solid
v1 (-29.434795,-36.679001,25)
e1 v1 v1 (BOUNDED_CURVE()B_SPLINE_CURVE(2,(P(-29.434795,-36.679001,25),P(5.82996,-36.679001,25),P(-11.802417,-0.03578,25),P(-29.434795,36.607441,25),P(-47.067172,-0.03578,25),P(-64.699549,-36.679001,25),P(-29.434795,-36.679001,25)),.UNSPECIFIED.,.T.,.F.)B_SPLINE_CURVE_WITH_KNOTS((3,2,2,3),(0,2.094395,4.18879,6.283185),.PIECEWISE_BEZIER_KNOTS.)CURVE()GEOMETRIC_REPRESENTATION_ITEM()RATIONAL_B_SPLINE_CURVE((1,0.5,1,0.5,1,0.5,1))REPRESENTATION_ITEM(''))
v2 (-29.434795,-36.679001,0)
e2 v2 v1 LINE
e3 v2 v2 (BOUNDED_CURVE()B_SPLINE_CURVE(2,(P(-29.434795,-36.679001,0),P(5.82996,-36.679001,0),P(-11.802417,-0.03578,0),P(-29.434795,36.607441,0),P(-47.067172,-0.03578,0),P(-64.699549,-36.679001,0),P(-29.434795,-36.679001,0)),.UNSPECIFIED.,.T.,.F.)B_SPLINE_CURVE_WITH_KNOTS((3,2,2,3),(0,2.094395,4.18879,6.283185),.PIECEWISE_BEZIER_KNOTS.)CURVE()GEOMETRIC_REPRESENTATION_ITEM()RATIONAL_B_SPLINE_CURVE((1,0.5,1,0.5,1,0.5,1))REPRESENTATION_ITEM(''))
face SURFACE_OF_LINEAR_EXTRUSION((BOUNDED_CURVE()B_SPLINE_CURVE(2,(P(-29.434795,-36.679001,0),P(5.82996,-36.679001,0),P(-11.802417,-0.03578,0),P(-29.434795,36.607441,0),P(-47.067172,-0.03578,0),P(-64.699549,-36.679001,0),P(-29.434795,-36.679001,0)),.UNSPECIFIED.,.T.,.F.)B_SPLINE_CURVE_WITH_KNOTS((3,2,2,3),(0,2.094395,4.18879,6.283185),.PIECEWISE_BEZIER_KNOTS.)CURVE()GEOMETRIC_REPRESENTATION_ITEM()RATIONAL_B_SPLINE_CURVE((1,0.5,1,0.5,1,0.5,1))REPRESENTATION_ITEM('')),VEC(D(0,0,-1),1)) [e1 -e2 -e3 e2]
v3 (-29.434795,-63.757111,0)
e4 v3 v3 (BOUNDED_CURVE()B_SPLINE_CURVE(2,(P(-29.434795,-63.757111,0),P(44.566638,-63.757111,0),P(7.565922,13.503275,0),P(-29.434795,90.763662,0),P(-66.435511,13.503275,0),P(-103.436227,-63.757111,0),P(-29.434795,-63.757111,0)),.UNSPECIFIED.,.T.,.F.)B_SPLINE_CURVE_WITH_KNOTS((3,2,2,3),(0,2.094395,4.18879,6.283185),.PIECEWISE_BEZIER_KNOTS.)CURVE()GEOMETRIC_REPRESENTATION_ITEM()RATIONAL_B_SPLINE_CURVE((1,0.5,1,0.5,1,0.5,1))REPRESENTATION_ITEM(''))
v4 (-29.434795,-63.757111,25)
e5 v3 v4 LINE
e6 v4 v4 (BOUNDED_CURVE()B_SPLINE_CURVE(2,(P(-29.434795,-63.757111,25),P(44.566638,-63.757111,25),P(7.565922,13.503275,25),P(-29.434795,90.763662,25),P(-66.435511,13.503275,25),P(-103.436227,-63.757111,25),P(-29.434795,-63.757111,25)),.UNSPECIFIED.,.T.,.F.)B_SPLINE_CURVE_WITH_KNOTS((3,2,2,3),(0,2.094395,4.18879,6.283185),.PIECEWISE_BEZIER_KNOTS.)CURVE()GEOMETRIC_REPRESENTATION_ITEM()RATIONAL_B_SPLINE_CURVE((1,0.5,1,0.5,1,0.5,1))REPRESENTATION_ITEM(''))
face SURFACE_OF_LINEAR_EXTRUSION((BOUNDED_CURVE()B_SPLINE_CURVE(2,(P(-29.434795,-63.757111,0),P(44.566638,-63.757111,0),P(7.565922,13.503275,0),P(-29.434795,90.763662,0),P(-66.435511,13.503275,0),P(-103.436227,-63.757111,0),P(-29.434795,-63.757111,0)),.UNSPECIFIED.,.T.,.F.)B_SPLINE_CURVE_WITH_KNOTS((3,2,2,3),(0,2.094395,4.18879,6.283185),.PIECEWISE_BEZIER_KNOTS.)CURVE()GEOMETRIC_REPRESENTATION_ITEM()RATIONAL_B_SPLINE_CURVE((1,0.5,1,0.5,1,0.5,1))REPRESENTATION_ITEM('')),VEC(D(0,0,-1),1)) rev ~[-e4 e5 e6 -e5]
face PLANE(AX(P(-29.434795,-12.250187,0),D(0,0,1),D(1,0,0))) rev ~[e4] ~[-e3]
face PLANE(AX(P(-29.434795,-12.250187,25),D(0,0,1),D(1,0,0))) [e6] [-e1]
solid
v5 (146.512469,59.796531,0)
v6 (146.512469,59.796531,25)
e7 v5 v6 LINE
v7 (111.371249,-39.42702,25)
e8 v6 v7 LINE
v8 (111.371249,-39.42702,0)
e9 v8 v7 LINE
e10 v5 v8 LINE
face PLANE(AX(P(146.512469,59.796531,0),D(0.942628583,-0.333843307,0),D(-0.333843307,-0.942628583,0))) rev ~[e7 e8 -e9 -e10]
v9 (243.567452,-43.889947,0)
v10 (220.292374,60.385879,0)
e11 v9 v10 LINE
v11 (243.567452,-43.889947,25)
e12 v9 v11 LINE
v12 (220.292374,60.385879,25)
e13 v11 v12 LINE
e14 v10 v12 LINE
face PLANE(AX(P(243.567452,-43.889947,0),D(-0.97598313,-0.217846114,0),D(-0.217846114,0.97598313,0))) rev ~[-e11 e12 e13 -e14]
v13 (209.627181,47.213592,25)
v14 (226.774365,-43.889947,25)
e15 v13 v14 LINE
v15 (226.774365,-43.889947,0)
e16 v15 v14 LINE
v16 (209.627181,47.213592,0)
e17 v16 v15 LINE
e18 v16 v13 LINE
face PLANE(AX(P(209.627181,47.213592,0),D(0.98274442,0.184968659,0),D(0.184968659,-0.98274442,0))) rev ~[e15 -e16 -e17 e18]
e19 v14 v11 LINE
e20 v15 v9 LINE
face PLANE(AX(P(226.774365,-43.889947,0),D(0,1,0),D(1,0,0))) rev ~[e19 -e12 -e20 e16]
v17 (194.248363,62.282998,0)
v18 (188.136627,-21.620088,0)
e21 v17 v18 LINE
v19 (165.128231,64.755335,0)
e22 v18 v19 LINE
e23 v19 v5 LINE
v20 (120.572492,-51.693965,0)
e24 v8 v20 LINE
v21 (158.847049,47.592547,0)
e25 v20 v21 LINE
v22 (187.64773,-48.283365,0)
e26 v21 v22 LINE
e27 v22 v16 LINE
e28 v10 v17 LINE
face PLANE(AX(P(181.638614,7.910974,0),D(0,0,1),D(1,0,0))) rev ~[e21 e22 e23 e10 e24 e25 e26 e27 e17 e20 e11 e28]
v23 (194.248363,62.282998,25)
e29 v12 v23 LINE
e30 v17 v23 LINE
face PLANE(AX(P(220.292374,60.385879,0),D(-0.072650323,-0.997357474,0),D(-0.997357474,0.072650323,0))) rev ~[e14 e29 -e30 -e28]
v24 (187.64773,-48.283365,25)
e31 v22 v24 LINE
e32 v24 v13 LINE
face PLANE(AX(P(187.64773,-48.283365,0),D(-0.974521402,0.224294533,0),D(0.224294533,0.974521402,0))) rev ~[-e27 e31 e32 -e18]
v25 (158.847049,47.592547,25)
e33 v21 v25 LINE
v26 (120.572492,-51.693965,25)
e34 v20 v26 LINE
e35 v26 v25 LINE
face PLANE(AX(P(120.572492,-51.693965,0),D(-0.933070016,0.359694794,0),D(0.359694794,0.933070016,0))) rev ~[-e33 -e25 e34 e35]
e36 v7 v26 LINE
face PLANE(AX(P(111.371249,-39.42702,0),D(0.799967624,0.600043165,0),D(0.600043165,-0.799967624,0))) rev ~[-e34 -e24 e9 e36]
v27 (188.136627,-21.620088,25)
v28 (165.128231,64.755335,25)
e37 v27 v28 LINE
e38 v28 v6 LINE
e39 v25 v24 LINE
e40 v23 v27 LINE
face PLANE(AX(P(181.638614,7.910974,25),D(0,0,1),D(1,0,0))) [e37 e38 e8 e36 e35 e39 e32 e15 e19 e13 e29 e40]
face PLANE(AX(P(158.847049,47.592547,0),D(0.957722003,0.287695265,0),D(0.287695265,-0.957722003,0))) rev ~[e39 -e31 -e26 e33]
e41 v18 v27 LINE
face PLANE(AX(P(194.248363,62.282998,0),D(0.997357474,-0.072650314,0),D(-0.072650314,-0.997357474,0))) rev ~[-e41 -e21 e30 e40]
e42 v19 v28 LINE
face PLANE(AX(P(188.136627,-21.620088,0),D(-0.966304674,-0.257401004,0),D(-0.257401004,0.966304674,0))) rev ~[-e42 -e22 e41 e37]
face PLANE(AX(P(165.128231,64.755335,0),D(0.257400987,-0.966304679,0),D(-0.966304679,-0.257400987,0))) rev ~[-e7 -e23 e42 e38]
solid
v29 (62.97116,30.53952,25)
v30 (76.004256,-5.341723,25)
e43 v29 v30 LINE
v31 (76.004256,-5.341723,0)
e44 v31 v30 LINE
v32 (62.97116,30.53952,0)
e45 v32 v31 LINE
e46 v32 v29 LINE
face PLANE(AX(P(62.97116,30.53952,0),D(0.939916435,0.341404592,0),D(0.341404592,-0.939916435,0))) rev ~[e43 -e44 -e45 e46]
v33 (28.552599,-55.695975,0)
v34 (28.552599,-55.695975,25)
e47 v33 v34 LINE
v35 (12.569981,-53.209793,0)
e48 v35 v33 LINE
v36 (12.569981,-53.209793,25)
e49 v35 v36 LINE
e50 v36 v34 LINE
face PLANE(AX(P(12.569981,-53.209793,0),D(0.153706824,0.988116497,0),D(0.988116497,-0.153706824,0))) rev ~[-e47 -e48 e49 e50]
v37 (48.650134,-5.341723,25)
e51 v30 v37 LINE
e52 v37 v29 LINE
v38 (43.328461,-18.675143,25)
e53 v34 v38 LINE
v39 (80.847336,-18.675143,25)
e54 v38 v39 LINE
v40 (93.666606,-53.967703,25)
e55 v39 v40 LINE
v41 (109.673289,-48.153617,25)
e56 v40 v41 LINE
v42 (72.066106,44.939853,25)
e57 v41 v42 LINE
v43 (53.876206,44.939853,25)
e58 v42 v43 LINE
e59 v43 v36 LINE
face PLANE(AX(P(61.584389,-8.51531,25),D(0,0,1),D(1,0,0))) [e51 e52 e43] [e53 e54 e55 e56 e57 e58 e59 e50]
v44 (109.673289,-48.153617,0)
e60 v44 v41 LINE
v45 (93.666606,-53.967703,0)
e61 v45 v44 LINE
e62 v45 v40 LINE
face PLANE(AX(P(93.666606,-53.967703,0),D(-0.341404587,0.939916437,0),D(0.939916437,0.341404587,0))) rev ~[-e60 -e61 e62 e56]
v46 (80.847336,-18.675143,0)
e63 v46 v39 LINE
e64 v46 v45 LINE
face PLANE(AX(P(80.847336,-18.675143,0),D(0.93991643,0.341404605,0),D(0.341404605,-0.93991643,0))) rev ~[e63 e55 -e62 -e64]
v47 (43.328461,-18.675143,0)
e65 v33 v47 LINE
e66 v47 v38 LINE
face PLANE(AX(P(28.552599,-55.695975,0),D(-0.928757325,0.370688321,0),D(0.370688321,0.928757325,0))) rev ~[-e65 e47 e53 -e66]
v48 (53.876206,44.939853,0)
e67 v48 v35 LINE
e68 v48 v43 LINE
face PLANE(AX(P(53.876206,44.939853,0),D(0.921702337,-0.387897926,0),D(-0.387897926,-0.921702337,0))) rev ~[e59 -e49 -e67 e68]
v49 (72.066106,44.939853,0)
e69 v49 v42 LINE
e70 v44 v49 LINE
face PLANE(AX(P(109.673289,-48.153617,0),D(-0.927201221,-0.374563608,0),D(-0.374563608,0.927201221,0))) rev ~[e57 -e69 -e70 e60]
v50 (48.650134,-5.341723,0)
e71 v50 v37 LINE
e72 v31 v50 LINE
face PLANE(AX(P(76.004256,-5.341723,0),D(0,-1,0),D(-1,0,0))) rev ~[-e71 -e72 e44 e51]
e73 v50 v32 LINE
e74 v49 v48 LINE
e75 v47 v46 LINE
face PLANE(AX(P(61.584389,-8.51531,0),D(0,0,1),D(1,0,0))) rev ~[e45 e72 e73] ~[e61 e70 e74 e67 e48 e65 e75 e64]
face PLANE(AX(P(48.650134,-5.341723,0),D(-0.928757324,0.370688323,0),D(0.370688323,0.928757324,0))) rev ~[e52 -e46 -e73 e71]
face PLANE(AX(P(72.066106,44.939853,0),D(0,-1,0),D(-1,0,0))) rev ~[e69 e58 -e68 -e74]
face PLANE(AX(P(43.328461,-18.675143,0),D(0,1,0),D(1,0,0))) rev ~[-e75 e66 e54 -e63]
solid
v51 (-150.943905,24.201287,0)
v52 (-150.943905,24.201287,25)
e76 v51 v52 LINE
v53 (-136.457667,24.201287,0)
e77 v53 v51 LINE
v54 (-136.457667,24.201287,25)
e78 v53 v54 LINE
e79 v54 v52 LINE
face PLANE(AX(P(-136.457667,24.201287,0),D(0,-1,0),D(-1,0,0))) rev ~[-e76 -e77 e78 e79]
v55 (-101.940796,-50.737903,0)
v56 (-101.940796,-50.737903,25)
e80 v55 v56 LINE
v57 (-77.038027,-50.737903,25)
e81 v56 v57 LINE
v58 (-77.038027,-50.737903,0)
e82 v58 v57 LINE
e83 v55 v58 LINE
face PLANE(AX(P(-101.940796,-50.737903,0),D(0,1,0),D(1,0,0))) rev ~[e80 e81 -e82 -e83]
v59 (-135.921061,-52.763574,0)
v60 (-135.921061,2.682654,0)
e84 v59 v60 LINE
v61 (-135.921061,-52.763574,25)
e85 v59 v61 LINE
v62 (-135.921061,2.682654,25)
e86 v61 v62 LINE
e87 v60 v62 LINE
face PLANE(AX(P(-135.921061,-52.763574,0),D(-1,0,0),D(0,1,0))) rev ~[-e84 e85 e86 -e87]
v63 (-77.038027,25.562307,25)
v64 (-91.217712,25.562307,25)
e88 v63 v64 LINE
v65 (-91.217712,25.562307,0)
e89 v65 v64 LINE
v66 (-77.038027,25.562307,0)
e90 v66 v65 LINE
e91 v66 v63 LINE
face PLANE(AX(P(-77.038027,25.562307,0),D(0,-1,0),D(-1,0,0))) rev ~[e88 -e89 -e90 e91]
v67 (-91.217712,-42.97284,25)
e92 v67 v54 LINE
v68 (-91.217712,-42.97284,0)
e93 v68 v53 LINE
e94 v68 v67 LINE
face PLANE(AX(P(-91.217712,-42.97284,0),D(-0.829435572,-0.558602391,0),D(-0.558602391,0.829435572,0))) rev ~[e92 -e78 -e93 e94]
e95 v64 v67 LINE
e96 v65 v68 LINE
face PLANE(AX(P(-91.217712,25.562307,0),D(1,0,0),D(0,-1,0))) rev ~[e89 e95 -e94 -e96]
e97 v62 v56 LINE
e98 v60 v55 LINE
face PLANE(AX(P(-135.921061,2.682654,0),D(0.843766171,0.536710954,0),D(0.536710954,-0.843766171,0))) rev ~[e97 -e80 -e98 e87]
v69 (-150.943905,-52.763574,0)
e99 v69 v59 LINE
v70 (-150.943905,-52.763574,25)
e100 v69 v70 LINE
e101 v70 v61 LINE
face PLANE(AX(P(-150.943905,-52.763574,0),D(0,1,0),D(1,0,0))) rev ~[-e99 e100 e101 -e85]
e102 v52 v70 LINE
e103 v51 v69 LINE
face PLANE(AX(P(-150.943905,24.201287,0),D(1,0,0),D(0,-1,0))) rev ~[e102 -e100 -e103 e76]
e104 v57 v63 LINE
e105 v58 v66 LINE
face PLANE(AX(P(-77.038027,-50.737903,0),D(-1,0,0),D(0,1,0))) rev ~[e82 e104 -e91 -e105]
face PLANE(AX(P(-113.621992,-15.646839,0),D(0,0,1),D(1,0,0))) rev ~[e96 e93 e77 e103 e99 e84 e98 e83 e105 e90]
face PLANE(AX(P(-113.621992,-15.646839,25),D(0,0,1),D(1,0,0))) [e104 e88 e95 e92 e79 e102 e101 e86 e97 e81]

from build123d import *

# Parameters (mm, degrees)
F1_DEPTH = 25


with BuildPart() as f1:
    # F0 (on Top) → F1 (new body)
    with BuildSketch(Plane.XY):
        with BuildLine():
            add(Edge.make_bspline(
                [(-29.434795, -63.757111), (44.566638, -63.757111), (7.565922, 13.503275), (-29.434795, 90.763662), (-66.435511, 13.503275), (-103.436227, -63.757111), (-29.434795, -63.757111)],
                knots=[0, 0, 0, 2.094395, 2.094395, 4.18879, 4.18879, 6.283185, 6.283185, 6.283185], degree=2, weights=[1, 0.5, 1, 0.5, 1, 0.5, 1]))
        make_face()
        with BuildLine():
            add(Edge.make_bspline(
                [(-29.434795, -36.679001), (5.82996, -36.679001), (-11.802417, -0.03578), (-29.434795, 36.607441), (-47.067172, -0.03578), (-64.699549, -36.679001), (-29.434795, -36.679001)],
                knots=[0, 0, 0, 2.094395, 2.094395, 4.18879, 4.18879, 6.283185, 6.283185, 6.283185], degree=2, weights=[1, 0.5, 1, 0.5, 1, 0.5, 1]))
        make_face(mode=Mode.SUBTRACT)
        Polygon((-91.217712, -42.97284), (-136.457667, 24.201287), (-150.943905, 24.201287), (-150.943905, -52.763574), (-135.921061, -52.763574), (-135.921061, 2.682654), (-101.940796, -50.737903), (-77.038027, -50.737903), (-77.038027, 25.562307), (-91.217712, 25.562307), align=None)
        Polygon((48.650134, -5.341723), (62.97116, 30.53952), (76.004256, -5.341723), (80.847336, -18.675143), (93.666606, -53.967703), (109.673289, -48.153617), (72.066106, 44.939853), (53.876206, 44.939853), (12.569981, -53.209793), (28.552599, -55.695975), (43.328461, -18.675143), align=None)
        Polygon((76.004256, -5.341723), (48.650134, -5.341723), (43.328461, -18.675143), (80.847336, -18.675143), align=None)
        Polygon((111.371249, -39.42702), (120.572492, -51.693965), (158.847049, 47.592547), (187.64773, -48.283365), (209.627181, 47.213592), (226.774365, -43.889947), (243.567452, -43.889947), (220.292374, 60.385879), (194.248363, 62.282998), (188.136627, -21.620088), (165.128231, 64.755335), (146.512469, 59.796531), align=None)
    extrude(amount=F1_DEPTH)


solid = f1.part
